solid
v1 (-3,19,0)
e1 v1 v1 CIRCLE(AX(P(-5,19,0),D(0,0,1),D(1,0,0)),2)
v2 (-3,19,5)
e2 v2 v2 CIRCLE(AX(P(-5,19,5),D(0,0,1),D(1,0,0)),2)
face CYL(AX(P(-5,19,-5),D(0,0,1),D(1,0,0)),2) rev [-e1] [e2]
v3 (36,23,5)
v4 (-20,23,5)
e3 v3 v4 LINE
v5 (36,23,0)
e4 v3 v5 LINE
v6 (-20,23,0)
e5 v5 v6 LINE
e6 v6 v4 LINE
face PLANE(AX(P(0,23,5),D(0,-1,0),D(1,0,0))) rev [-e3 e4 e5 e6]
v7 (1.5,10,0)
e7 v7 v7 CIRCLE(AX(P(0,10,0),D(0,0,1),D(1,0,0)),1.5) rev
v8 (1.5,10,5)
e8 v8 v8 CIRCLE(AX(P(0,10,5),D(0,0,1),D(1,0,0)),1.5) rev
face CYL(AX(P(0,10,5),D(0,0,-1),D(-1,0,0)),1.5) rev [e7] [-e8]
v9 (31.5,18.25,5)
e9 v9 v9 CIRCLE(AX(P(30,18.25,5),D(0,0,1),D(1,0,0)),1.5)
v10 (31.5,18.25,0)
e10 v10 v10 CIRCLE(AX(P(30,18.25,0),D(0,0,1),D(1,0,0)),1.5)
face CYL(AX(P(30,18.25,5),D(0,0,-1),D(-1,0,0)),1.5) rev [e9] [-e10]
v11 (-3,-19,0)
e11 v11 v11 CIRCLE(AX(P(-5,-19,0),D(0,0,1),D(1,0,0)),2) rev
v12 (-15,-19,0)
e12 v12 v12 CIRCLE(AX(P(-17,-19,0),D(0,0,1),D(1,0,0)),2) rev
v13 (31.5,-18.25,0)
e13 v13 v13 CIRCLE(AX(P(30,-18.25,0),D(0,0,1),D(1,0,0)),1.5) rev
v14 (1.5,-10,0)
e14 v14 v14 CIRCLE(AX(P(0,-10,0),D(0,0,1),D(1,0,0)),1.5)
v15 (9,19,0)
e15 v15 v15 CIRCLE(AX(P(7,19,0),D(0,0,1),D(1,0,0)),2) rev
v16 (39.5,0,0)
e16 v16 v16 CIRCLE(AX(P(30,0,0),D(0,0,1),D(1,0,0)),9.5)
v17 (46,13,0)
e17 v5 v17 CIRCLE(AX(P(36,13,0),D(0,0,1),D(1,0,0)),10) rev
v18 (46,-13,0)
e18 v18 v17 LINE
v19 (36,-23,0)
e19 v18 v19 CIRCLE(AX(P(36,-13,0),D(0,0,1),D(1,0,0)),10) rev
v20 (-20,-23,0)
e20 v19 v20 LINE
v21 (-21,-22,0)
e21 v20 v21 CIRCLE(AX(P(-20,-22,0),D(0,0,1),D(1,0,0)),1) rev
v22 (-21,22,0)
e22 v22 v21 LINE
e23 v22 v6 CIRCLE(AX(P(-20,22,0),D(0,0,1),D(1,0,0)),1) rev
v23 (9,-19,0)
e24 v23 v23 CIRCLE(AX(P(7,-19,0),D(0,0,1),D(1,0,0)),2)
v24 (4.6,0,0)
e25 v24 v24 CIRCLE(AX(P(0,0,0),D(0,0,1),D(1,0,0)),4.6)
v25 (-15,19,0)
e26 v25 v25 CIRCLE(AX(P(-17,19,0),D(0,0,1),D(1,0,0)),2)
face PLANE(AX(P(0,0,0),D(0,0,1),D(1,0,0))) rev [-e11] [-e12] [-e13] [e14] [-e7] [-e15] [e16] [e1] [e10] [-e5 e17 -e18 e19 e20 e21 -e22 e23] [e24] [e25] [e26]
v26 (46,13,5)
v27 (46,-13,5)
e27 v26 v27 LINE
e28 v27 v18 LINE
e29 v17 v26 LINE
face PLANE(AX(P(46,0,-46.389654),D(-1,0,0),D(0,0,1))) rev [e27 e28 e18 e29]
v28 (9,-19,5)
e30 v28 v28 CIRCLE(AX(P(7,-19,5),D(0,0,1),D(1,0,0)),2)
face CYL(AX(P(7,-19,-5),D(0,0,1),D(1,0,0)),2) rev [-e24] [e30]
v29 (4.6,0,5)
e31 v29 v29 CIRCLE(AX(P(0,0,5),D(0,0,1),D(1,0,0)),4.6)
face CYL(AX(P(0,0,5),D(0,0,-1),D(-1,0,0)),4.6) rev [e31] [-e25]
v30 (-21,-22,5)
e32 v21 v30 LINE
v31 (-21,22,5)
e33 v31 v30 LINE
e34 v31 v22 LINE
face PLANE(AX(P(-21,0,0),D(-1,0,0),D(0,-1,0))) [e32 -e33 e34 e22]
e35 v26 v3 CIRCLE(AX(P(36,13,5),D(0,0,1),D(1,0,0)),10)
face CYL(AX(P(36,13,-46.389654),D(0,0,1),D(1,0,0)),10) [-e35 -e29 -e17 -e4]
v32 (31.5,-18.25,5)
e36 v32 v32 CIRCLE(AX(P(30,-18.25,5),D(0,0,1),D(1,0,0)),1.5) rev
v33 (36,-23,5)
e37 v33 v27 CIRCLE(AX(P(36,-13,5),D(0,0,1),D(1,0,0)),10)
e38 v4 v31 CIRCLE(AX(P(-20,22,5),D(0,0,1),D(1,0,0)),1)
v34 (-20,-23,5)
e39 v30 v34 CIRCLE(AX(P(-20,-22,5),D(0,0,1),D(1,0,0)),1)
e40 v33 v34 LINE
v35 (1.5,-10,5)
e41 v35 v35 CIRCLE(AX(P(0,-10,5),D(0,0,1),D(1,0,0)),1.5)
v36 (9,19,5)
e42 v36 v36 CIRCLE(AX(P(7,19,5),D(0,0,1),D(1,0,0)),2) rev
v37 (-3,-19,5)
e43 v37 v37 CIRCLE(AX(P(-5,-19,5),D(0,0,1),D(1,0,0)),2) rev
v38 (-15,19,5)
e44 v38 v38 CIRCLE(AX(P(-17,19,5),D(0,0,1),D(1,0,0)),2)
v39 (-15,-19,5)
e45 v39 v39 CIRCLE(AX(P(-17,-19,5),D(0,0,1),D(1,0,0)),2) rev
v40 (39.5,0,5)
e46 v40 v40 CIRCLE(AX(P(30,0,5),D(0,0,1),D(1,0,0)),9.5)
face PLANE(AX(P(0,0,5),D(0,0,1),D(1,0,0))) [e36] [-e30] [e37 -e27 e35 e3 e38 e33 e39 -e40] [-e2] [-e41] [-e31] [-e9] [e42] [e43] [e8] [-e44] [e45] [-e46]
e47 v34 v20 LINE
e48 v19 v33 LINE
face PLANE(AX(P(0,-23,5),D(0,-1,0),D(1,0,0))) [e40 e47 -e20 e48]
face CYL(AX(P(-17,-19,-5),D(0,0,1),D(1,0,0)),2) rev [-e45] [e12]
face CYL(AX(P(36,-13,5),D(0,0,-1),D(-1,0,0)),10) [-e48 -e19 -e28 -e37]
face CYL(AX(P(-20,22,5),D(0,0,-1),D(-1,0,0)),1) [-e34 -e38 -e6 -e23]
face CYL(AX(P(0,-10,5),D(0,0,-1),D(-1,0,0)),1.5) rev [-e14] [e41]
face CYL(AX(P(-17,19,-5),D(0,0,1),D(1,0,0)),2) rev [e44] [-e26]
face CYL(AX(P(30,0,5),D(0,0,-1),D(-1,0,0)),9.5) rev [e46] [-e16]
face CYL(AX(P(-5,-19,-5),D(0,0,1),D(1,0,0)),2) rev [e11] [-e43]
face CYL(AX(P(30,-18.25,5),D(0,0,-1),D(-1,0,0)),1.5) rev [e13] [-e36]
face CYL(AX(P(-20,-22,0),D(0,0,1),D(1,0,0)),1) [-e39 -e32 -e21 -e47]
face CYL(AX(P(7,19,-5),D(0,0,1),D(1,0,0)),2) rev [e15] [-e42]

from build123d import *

# Parameters (mm, degrees)
SKETCH1_W           = 65
SKETCH1_H           = 46
SKETCH1_R           = 1.5
BOSS_EXTRUDE1_DEPTH = 5
SKETCH2_R           = 2
CUT_EXTRUDE1_DEPTH  = 10
SKETCH3_W           = 4
SKETCH3_H           = 46
CUT_EXTRUDE2_DEPTH  = 6
SKETCH4_W           = 6
SKETCH4_H           = 46
BOSS_EXTRUDE2_DEPTH = 5
FILLET1_R           = 10
FILLET2_R           = 1


with BuildPart() as part:
    # Sketch1 → Boss-Extrude1 (new body)
    with BuildSketch(Plane.XY):
        with Locations((7.5, 0)):
            Rectangle(SKETCH1_W, SKETCH1_H)
        with BuildLine():
            ThreePointArc((4.6, 0), (3.252691193, -3.252691193), (0, -4.6))
            ThreePointArc((0, -4.6), (-3.252691193, 3.252691193), (4.6, 0))
        make_face(mode=Mode.SUBTRACT)
        with Locations((30, -18.25)):
            Circle(SKETCH1_R, mode=Mode.SUBTRACT)
        with BuildLine():
            ThreePointArc((1.5, -10), (-1.060660172, -11.060660172), (0, -8.5))
            ThreePointArc((0, -8.5), (1.060660172, -8.939339828), (1.5, -10))
        make_face(mode=Mode.SUBTRACT)
        with BuildLine():
            ThreePointArc((39.5, 0), (23.282485579, -6.717514421), (30, 9.5))
            ThreePointArc((30, 9.5), (36.717514421, 6.717514421), (39.5, 0))
        make_face(mode=Mode.SUBTRACT)
        with Locations((0, 10)):
            Circle(SKETCH1_R, mode=Mode.SUBTRACT)
        with BuildLine():
            ThreePointArc((31.5, 18.25), (31.060660172, 17.189339828), (30, 16.75))
            ThreePointArc((30, 16.75), (28.939339828, 19.310660172), (31.5, 18.25))
        make_face(mode=Mode.SUBTRACT)
    extrude(amount=BOSS_EXTRUDE1_DEPTH)

    # Sketch2 → Cut-Extrude1 (cut)
    with BuildSketch(Plane.XY.offset(5)):
        with Locations((7, 19)):
            Circle(SKETCH2_R)
        with Locations((-5, -19)):
            Circle(SKETCH2_R)
        with Locations((-17, 19)):
            Circle(SKETCH2_R)
        with Locations((-5, 19)):
            Circle(SKETCH2_R)
        with Locations((7, -19)):
            Circle(SKETCH2_R)
        with Locations((-17, -19)):
            Circle(SKETCH2_R)
    extrude(amount=-CUT_EXTRUDE1_DEPTH, mode=Mode.SUBTRACT)

    # Sketch3 → Cut-Extrude2 (cut, through all)
    with BuildSketch(Plane.XY.offset(5)):
        with Locations((-23, 0)):
            Rectangle(SKETCH3_W, SKETCH3_H)
    extrude(amount=-CUT_EXTRUDE2_DEPTH, mode=Mode.SUBTRACT)

    # Sketch4 → Boss-Extrude2 (add)
    with BuildSketch(Plane.XY.offset(5)):
        with Locations((43, 0)):
            Rectangle(SKETCH4_W, SKETCH4_H)
    extrude(amount=-BOSS_EXTRUDE2_DEPTH)

    # Fillet1
    fillet1_edges = [part.edges().sort_by_distance(p)[0] for p in [
        (46, -23, 2.5),
        (46, 23, 2.5),
    ]]
    fillet(fillet1_edges, radius=FILLET1_R)

    # Fillet2
    fillet2_edges = [part.edges().sort_by_distance(p)[0] for p in [
        (-21, 23, 2.5),
        (-21, -23, 2.5),
    ]]
    fillet(fillet2_edges, radius=FILLET2_R)


solid = part.part
